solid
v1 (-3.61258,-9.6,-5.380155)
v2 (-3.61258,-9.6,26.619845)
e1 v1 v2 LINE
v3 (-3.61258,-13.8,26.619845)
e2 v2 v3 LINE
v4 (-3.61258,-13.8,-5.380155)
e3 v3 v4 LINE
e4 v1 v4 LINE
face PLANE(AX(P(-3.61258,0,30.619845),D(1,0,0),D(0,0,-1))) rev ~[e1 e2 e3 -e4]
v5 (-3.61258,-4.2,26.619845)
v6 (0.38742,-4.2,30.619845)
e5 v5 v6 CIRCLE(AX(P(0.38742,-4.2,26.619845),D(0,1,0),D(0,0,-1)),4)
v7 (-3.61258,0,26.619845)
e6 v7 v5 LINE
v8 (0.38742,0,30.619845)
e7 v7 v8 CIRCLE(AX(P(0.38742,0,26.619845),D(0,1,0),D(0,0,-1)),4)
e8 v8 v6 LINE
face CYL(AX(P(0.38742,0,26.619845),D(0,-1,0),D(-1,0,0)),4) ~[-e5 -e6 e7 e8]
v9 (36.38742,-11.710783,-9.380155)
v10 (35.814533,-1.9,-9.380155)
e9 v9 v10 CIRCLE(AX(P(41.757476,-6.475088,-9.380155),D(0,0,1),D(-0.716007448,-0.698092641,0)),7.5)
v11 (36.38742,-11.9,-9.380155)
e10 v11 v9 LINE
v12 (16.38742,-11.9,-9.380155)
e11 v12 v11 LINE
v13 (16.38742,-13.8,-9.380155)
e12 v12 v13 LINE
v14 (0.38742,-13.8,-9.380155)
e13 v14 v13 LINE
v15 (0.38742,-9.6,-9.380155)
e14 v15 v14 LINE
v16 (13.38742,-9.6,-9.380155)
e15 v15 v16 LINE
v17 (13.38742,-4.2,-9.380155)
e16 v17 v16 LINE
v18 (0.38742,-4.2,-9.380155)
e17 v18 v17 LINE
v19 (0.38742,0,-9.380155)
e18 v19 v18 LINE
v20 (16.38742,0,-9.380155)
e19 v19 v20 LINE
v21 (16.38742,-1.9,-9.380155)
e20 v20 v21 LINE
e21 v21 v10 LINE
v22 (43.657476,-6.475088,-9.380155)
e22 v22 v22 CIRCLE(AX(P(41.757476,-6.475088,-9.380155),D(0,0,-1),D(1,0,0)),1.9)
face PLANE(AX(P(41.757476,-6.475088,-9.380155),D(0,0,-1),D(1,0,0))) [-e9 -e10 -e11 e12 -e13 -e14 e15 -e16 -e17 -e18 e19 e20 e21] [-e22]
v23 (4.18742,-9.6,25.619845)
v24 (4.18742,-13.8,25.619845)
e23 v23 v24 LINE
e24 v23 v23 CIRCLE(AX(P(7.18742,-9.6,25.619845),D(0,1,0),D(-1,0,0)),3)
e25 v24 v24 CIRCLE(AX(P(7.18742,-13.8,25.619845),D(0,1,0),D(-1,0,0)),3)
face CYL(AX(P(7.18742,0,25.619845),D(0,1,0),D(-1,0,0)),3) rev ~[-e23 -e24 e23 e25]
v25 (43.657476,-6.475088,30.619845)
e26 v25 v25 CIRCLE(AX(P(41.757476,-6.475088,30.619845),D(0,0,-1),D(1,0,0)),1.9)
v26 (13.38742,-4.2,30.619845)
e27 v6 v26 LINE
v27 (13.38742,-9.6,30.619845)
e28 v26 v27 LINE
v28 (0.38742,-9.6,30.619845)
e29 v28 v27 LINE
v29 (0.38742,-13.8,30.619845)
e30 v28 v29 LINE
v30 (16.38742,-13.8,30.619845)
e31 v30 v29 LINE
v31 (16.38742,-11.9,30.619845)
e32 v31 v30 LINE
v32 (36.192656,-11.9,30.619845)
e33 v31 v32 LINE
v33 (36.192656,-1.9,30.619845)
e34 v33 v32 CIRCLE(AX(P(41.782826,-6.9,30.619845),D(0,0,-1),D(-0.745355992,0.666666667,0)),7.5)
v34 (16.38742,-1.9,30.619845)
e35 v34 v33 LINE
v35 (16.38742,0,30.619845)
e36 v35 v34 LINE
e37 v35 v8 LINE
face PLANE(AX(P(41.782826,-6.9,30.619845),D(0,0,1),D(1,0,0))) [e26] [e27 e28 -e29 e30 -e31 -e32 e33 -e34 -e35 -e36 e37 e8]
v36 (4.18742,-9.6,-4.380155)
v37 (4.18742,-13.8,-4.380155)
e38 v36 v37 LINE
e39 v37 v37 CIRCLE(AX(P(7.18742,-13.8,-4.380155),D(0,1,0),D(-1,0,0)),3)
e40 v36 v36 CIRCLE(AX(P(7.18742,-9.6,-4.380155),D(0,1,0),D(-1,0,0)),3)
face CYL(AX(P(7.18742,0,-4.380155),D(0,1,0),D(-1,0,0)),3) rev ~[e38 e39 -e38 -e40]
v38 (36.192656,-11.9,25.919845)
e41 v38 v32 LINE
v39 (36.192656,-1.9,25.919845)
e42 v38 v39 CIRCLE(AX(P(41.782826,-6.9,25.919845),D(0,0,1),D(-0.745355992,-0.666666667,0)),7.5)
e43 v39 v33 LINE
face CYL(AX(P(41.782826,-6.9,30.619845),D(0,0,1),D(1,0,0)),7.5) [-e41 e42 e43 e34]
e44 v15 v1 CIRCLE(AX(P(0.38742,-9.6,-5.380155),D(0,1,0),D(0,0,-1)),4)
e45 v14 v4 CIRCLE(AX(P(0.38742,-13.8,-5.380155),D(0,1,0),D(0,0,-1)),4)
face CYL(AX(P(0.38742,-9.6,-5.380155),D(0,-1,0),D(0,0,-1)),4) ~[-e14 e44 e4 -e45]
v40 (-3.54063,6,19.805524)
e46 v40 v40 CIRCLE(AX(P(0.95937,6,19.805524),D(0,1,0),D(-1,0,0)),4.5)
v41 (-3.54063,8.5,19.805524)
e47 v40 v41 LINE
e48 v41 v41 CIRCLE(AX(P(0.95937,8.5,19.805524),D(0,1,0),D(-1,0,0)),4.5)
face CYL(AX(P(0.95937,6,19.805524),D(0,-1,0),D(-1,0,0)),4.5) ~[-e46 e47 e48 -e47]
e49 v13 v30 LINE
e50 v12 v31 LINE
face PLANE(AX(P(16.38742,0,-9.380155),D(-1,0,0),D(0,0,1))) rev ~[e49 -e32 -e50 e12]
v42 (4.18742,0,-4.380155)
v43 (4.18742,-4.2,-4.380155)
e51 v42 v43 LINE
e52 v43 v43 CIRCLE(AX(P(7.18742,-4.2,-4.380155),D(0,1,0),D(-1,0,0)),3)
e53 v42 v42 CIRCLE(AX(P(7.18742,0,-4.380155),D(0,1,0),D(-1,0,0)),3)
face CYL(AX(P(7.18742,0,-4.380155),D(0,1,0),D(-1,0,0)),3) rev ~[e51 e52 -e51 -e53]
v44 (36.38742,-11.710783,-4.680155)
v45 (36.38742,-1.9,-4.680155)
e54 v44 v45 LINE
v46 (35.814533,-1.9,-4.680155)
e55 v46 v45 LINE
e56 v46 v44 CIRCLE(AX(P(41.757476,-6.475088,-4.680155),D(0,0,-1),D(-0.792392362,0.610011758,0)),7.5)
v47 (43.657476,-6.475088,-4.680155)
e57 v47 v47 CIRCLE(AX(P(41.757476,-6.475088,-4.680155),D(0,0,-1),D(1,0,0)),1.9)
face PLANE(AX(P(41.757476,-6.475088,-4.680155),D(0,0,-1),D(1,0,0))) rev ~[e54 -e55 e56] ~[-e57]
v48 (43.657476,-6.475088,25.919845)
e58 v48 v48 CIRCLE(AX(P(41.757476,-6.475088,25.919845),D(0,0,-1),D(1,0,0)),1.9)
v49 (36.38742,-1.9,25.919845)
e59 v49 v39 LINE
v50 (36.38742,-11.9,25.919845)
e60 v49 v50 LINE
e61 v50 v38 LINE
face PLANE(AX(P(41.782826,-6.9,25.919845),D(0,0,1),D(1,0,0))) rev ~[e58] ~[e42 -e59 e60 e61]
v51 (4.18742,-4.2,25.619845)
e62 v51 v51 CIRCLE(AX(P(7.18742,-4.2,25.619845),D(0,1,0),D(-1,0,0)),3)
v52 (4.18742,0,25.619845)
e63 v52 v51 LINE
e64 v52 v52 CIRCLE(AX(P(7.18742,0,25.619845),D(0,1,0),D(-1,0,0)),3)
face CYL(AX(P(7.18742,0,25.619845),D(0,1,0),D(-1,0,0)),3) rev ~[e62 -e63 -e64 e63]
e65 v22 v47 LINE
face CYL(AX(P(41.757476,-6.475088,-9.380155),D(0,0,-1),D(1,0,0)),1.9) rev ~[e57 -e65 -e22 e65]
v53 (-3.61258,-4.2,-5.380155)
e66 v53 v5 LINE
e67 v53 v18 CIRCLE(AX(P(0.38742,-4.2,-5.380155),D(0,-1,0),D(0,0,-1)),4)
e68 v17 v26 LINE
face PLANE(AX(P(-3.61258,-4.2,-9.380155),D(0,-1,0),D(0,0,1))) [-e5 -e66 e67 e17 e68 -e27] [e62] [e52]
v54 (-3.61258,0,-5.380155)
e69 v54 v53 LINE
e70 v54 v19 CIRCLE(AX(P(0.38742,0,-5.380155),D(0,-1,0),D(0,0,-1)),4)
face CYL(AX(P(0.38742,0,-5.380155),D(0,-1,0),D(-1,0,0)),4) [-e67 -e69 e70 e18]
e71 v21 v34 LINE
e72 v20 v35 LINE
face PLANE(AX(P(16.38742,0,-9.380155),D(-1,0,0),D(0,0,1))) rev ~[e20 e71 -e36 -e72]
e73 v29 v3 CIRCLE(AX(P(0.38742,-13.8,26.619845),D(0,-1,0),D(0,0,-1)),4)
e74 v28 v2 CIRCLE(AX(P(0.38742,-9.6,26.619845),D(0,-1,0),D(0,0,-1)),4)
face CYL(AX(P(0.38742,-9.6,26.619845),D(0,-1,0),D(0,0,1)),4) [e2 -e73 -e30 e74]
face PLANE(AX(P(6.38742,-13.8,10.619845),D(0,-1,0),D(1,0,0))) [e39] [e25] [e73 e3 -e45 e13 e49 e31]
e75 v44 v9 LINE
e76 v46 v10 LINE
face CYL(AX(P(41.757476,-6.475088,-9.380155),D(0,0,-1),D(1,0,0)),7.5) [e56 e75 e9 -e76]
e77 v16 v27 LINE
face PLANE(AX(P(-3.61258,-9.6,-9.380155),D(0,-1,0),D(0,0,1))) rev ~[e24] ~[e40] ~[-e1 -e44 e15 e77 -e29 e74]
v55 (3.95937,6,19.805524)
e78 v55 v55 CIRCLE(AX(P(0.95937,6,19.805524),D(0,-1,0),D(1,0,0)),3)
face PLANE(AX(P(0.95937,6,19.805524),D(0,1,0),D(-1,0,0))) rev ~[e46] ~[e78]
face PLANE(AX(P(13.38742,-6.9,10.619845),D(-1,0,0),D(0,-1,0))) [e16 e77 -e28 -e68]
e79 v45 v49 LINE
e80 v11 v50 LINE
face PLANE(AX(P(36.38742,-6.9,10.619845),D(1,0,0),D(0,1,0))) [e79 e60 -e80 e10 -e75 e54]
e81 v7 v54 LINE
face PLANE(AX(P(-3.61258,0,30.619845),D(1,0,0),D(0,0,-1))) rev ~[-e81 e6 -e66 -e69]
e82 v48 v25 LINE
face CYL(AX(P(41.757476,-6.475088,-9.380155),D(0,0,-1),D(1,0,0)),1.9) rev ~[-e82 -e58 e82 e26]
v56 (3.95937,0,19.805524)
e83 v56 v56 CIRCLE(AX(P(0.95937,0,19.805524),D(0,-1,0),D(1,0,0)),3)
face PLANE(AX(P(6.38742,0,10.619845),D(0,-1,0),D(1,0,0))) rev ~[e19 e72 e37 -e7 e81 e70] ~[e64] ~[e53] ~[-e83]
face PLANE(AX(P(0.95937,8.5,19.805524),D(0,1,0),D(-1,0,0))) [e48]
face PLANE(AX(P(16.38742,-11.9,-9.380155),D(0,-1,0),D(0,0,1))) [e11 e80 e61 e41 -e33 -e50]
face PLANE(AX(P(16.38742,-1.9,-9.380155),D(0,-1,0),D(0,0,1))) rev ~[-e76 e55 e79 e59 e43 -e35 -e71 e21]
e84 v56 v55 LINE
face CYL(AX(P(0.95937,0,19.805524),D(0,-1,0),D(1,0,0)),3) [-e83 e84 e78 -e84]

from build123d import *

# Parameters (mm, degrees)
F1_DEPTH  = 13.8
F2_W      = 5.4
F2_H      = 40
F3_DEPTH  = 17
F4_R      = 3
F5_DEPTH  = 25
F6_R      = 3
F7_DEPTH  = 6
F8_R      = 4.5
F9_DEPTH  = 2.5
F10_R     = 4
F11_W     = 10
F11_H     = 40
F12_DEPTH = 20
F13_R     = 7.5
F14_DEPTH = 4.7
F15_R     = 7.5
F16_DEPTH = 4.7
F17_R     = 1.9
F18_DEPTH = 70


with BuildPart() as f1:
    # F0 (on Front) → F1 (new body)
    with BuildSketch(Plane.XZ):
        Polygon((11.3874197267, 30.6198454252), (-3.6125802733, 30.6198454252), (-3.6125802733, -9.3801545748), (11.3874197267, -9.3801545748), (16.3874197267, -9.3801545748), (16.3874197267, 5.6198454252), (16.3874197267, 25.6198454252), (16.3874197267, 30.6198454252), align=None)
    extrude(amount=F1_DEPTH)

    # F2 (on face) → F3 (cut)
    with BuildSketch(Plane(origin=(-3.6125802733, 0, 0), x_dir=(0, -1, 0), z_dir=(-1, 0, 0))):
        with Locations((6.9, 10.6198454252)):
            Rectangle(F2_W, F2_H)
    extrude(amount=-F3_DEPTH, mode=Mode.SUBTRACT)

    # F4 (on face) → F5 (cut)
    with BuildSketch(Plane(origin=(0, 0, 0), x_dir=(-1, 0, 0), z_dir=(0, 1, 0))):
        with Locations((-7.1874197267, 25.6198454252)):
            Circle(F4_R)
        with Locations((-7.1874197267, -4.3801545748)):
            Circle(F4_R)
    extrude(amount=-F5_DEPTH, mode=Mode.SUBTRACT)

    # F6 (on face) → F7 (join)
    with BuildSketch(Plane.XZ):
        with Locations((0.9593699942, 19.8055244982)):
            Circle(F6_R)
    extrude(amount=-F7_DEPTH)

    # F8 (on face) → F9 (join)
    with BuildSketch(Plane(origin=(0, 6, 0), x_dir=(-1, 0, 0), z_dir=(0, 1, 0))):
        with Locations((-0.9593699942, 19.8055244982)):
            Circle(F8_R)
    extrude(amount=F9_DEPTH)

    # F10
    f10_edges = [f1.edges().sort_by_distance(p)[0] for p in [
        (-3.61258, -2.1, 30.619845),
        (-3.61258, -11.7, 30.619845),
        (-3.61258, -2.1, -9.380155),
        (-3.61258, -11.7, -9.380155),
    ]]
    fillet(f10_edges, radius=F10_R)

    # F11 (on face) → F12 (join)
    with BuildSketch(Plane.YZ.offset(16.3874197267)):
        with Locations((-6.9, 10.6198454252)):
            Rectangle(F11_W, F11_H)
    extrude(amount=F12_DEPTH)

    # F13 (on face) → F14 (join)
    with BuildSketch(Plane.XY.offset(30.6198454252)):
        with Locations((41.7828261852, -6.9)):
            Circle(F13_R)
    extrude(amount=-F14_DEPTH)

    # F15 (on face) → F16 (join)
    with BuildSketch(Plane(origin=(0, 0, -9.3801545748), x_dir=(1, 0, 0), z_dir=(0, 0, -1))):
        with Locations((41.7574755847, 6.4750881866)):
            Circle(F15_R)
    extrude(amount=-F16_DEPTH)

    # F17 (on face) → F18 (cut)
    with BuildSketch(Plane(origin=(0, 0, -9.3801545748), x_dir=(1, 0, 0), z_dir=(0, 0, -1))):
        with Locations((41.7574755847, 6.4750881866)):
            Circle(F17_R)
    extrude(amount=-F18_DEPTH, mode=Mode.SUBTRACT)


solid = f1.part
